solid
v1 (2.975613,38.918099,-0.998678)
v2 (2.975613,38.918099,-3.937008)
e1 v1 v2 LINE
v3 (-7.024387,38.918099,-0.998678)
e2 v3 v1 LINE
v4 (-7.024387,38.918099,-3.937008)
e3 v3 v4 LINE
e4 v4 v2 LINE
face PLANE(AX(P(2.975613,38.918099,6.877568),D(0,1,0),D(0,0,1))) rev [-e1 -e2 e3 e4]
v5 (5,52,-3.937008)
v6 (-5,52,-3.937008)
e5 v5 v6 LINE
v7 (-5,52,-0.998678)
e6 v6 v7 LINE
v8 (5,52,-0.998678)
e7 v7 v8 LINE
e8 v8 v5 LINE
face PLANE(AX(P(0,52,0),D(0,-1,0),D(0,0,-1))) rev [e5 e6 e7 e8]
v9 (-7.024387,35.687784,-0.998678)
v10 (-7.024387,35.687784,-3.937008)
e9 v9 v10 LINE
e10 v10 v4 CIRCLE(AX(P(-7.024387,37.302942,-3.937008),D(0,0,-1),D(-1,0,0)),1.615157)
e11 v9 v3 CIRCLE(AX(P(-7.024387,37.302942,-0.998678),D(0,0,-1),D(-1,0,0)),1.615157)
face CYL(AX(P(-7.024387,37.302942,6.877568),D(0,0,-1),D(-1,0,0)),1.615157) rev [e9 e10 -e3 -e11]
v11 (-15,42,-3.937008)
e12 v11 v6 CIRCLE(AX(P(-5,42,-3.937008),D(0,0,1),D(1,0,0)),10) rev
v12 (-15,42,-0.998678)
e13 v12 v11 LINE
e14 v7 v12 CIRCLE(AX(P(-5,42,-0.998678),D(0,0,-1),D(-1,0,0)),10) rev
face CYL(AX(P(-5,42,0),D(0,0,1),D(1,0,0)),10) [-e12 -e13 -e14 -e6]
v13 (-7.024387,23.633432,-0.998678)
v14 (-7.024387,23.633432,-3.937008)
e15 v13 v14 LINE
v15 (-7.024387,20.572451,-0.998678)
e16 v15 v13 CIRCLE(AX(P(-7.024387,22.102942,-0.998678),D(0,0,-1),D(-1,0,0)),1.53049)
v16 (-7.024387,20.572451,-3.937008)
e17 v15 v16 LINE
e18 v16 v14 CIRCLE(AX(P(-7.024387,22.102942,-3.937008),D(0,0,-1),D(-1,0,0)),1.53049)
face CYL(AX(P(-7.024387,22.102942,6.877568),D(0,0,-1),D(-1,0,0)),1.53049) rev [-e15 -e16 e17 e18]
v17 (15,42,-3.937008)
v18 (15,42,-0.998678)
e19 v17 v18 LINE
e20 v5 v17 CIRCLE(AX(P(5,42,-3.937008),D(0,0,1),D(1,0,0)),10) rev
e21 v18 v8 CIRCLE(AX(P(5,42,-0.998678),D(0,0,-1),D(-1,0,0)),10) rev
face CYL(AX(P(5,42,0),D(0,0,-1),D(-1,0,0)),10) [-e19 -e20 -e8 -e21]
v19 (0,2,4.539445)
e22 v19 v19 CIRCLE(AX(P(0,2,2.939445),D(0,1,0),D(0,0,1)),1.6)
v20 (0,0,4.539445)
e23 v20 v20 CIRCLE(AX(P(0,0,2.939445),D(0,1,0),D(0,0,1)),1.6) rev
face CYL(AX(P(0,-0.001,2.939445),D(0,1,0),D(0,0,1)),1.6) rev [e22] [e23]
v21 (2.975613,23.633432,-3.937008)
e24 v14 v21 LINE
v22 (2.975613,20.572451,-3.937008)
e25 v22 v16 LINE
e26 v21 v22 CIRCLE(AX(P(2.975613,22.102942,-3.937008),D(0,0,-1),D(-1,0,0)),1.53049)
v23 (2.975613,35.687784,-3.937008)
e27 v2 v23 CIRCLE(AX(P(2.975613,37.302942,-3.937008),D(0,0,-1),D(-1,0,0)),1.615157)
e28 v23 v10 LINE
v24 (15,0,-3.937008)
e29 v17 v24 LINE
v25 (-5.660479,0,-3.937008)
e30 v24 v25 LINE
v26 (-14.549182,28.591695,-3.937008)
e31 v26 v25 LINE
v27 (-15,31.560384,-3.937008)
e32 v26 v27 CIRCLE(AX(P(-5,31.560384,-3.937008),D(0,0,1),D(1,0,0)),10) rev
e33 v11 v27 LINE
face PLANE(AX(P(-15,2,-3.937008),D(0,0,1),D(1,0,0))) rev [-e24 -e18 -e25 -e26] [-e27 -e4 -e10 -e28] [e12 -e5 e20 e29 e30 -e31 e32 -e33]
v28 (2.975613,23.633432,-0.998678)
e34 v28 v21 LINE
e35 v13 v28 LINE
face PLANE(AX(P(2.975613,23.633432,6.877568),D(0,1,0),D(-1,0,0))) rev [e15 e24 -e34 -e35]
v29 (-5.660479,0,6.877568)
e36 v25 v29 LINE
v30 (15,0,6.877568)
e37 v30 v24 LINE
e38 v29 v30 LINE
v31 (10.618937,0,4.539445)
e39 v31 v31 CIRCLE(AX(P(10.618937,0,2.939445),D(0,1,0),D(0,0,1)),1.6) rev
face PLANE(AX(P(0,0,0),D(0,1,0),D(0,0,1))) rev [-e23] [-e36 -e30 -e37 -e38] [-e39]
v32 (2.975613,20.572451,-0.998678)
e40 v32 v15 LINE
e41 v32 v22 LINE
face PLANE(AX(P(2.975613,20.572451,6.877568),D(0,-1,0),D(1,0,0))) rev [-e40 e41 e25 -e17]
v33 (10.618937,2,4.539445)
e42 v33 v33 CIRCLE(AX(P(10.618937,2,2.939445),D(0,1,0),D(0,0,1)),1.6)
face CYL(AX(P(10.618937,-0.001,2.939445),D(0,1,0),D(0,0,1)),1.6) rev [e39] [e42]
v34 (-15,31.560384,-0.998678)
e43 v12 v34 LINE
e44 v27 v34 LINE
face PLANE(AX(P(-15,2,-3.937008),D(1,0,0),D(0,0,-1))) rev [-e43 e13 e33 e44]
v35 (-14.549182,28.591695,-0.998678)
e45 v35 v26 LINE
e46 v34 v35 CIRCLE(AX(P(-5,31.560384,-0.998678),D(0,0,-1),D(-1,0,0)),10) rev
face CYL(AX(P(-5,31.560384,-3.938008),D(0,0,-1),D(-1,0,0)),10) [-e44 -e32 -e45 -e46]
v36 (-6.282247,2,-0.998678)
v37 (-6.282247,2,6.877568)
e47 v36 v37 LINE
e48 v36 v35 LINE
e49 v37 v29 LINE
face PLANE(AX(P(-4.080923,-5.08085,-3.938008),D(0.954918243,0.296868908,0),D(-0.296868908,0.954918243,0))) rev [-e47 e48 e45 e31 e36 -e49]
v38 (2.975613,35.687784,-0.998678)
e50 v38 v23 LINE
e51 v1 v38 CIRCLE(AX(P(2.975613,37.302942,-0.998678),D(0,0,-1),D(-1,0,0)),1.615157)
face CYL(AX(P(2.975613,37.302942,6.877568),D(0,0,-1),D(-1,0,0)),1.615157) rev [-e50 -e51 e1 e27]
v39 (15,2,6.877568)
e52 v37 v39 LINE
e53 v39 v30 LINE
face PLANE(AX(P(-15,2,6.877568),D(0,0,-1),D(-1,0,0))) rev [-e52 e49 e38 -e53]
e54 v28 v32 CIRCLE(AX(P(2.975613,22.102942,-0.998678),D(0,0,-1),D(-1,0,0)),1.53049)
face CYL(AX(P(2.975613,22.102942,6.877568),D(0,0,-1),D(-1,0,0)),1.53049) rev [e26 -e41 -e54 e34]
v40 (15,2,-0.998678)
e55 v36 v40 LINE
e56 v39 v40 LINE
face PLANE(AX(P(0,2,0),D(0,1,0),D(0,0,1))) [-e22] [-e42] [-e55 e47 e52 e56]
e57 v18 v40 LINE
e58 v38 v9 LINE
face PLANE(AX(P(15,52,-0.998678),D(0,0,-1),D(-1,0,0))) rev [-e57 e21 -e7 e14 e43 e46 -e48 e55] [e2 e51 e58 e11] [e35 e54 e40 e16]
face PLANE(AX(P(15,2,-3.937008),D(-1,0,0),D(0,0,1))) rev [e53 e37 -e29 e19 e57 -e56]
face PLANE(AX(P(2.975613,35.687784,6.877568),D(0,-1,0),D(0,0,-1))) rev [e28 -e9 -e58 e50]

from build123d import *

# Parameters (mm, degrees)
SKETCH1_W                      = 30
SKETCH1_H                      = 10.814576134
BOSS_EXTRUDE1_DEPTH            = 2
SKETCH2_W                      = 30
SKETCH2_H                      = 2.938330184
BOSS_EXTRUDE2_DEPTH            = 50
CUT_EXTRUDE1_DEPTH             = 11.814576135
CUT_EXTRUDE2_REACH             = 4
SKETCH4_R                      = 1.6
CUT_EXTRUDE3_REACH             = 8.878
CUT_EXTRUDE3_DIRECTION_2_REACH = 5.937
FILLET1_R                      = 10


with BuildPart() as part:
    # Sketch1 → Boss-Extrude1 (new body)
    with BuildSketch(Plane(origin=(0, 0, 0), x_dir=(1, 0, 0), z_dir=(0, 1, 0))):
        with Locations((0, -1.470280193)):
            Rectangle(SKETCH1_W, SKETCH1_H)
    extrude(amount=BOSS_EXTRUDE1_DEPTH)

    # Sketch2 → Boss-Extrude2 (add)
    with BuildSketch(Plane(origin=(0, 2, 0), x_dir=(1, 0, 0), z_dir=(0, 1, 0))):
        with Locations((0, 2.467842782)):
            Rectangle(SKETCH2_W, SKETCH2_H)
    extrude(amount=BOSS_EXTRUDE2_DEPTH)

    # Sketch3 → Cut-Extrude1 (cut, through all)
    with BuildSketch(Plane(origin=(0, 0, -3.937007874), x_dir=(-1, 0, 0), z_dir=(0, 0, -1))):
        with BuildLine():
            Line((-2.975613291, 38.918099038), (7.024386709, 38.918099038))
            ThreePointArc((7.024386709, 38.918099038), (8.639544063, 37.302941685), (7.024386709, 35.687784331))
            Line((7.024386709, 35.687784331), (-2.975613291, 35.687784331))
            ThreePointArc((-2.975613291, 35.687784331), (-4.590770645, 37.302941685), (-2.975613291, 38.918099038))
        make_face()
        with BuildLine():
            Line((-2.975613291, 23.633431947), (7.024386709, 23.633431947))
            ThreePointArc((7.024386709, 23.633431947), (8.554876972, 22.102941685), (7.024386709, 20.572451422))
            Line((7.024386709, 20.572451422), (-2.975613291, 20.572451422))
            ThreePointArc((-2.975613291, 20.572451422), (-4.506103554, 22.102941685), (-2.975613291, 23.633431947))
        make_face()
    extrude(amount=-CUT_EXTRUDE1_DEPTH, mode=Mode.SUBTRACT)

    # Sketch4 → Cut-Extrude2 (cut, up to next)
    with BuildSketch(Plane(origin=(0, 2, 0), x_dir=(1, 0, 0), z_dir=(0, 1, 0)), mode=Mode.PRIVATE) as cut_extrude2_sk1:
        with Locations((10.61893739, -2.939445285)):
            Circle(SKETCH4_R)
    cut_extrude2_tool1 = extrude(cut_extrude2_sk1.sketch, amount=-CUT_EXTRUDE2_REACH, mode=Mode.PRIVATE) & part.part
    add(cut_extrude2_tool1.solids().sort_by_distance((10.618937, 2, 2.939445))[0], mode=Mode.SUBTRACT)
    # Sketch4 → Cut-Extrude2 (cut, up to next)
    with BuildSketch(Plane(origin=(0, 2, 0), x_dir=(1, 0, 0), z_dir=(0, 1, 0)), mode=Mode.PRIVATE) as cut_extrude2_sk2:
        with Locations((0, -2.939445285)):
            Circle(SKETCH4_R)
    cut_extrude2_tool2 = extrude(cut_extrude2_sk2.sketch, amount=-CUT_EXTRUDE2_REACH, mode=Mode.PRIVATE) & part.part
    add(cut_extrude2_tool2.solids().sort_by_distance((0, 2, 2.939445))[0], mode=Mode.SUBTRACT)

    # Sketch5 → Cut-Extrude3 (cut, up to next)
    with BuildSketch(Plane.XY, mode=Mode.PRIVATE) as cut_extrude3_sk1:
        Polygon((-4.080923029, -5.080850433), (-16.955695167, 36.332562893), (-18.585937562, -5.080850433), align=None)
    cut_extrude3_tool1 = extrude(cut_extrude3_sk1.sketch, amount=CUT_EXTRUDE3_REACH, mode=Mode.PRIVATE) & part.part
    add(cut_extrude3_tool1.solids().sort_by_distance((-13.207519, 8.723621, 0))[0], mode=Mode.SUBTRACT)

    # Sketch5 → Cut-Extrude3 direction 2 (cut, up to next)
    with BuildSketch(Plane.XY, mode=Mode.PRIVATE) as cut_extrude3_direction_2_sk1:
        Polygon((-4.080923029, -5.080850433), (-16.955695167, 36.332562893), (-18.585937562, -5.080850433), align=None)
    cut_extrude3_direction_2_tool1 = extrude(cut_extrude3_direction_2_sk1.sketch, amount=-CUT_EXTRUDE3_DIRECTION_2_REACH, mode=Mode.PRIVATE) & part.part
    add(cut_extrude3_direction_2_tool1.solids().sort_by_distance((-13.207519, 8.723621, 0))[0], mode=Mode.SUBTRACT)

    # Fillet1
    fillet1_edges = [part.edges().sort_by_distance(p)[0] for p in [
        (15, 52, -2.467842782),
        (-15, 52, -2.467842782),
        (-15, 30.041809827, -2.467842782),
    ]]
    fillet(fillet1_edges, radius=FILLET1_R)


solid = part.part
